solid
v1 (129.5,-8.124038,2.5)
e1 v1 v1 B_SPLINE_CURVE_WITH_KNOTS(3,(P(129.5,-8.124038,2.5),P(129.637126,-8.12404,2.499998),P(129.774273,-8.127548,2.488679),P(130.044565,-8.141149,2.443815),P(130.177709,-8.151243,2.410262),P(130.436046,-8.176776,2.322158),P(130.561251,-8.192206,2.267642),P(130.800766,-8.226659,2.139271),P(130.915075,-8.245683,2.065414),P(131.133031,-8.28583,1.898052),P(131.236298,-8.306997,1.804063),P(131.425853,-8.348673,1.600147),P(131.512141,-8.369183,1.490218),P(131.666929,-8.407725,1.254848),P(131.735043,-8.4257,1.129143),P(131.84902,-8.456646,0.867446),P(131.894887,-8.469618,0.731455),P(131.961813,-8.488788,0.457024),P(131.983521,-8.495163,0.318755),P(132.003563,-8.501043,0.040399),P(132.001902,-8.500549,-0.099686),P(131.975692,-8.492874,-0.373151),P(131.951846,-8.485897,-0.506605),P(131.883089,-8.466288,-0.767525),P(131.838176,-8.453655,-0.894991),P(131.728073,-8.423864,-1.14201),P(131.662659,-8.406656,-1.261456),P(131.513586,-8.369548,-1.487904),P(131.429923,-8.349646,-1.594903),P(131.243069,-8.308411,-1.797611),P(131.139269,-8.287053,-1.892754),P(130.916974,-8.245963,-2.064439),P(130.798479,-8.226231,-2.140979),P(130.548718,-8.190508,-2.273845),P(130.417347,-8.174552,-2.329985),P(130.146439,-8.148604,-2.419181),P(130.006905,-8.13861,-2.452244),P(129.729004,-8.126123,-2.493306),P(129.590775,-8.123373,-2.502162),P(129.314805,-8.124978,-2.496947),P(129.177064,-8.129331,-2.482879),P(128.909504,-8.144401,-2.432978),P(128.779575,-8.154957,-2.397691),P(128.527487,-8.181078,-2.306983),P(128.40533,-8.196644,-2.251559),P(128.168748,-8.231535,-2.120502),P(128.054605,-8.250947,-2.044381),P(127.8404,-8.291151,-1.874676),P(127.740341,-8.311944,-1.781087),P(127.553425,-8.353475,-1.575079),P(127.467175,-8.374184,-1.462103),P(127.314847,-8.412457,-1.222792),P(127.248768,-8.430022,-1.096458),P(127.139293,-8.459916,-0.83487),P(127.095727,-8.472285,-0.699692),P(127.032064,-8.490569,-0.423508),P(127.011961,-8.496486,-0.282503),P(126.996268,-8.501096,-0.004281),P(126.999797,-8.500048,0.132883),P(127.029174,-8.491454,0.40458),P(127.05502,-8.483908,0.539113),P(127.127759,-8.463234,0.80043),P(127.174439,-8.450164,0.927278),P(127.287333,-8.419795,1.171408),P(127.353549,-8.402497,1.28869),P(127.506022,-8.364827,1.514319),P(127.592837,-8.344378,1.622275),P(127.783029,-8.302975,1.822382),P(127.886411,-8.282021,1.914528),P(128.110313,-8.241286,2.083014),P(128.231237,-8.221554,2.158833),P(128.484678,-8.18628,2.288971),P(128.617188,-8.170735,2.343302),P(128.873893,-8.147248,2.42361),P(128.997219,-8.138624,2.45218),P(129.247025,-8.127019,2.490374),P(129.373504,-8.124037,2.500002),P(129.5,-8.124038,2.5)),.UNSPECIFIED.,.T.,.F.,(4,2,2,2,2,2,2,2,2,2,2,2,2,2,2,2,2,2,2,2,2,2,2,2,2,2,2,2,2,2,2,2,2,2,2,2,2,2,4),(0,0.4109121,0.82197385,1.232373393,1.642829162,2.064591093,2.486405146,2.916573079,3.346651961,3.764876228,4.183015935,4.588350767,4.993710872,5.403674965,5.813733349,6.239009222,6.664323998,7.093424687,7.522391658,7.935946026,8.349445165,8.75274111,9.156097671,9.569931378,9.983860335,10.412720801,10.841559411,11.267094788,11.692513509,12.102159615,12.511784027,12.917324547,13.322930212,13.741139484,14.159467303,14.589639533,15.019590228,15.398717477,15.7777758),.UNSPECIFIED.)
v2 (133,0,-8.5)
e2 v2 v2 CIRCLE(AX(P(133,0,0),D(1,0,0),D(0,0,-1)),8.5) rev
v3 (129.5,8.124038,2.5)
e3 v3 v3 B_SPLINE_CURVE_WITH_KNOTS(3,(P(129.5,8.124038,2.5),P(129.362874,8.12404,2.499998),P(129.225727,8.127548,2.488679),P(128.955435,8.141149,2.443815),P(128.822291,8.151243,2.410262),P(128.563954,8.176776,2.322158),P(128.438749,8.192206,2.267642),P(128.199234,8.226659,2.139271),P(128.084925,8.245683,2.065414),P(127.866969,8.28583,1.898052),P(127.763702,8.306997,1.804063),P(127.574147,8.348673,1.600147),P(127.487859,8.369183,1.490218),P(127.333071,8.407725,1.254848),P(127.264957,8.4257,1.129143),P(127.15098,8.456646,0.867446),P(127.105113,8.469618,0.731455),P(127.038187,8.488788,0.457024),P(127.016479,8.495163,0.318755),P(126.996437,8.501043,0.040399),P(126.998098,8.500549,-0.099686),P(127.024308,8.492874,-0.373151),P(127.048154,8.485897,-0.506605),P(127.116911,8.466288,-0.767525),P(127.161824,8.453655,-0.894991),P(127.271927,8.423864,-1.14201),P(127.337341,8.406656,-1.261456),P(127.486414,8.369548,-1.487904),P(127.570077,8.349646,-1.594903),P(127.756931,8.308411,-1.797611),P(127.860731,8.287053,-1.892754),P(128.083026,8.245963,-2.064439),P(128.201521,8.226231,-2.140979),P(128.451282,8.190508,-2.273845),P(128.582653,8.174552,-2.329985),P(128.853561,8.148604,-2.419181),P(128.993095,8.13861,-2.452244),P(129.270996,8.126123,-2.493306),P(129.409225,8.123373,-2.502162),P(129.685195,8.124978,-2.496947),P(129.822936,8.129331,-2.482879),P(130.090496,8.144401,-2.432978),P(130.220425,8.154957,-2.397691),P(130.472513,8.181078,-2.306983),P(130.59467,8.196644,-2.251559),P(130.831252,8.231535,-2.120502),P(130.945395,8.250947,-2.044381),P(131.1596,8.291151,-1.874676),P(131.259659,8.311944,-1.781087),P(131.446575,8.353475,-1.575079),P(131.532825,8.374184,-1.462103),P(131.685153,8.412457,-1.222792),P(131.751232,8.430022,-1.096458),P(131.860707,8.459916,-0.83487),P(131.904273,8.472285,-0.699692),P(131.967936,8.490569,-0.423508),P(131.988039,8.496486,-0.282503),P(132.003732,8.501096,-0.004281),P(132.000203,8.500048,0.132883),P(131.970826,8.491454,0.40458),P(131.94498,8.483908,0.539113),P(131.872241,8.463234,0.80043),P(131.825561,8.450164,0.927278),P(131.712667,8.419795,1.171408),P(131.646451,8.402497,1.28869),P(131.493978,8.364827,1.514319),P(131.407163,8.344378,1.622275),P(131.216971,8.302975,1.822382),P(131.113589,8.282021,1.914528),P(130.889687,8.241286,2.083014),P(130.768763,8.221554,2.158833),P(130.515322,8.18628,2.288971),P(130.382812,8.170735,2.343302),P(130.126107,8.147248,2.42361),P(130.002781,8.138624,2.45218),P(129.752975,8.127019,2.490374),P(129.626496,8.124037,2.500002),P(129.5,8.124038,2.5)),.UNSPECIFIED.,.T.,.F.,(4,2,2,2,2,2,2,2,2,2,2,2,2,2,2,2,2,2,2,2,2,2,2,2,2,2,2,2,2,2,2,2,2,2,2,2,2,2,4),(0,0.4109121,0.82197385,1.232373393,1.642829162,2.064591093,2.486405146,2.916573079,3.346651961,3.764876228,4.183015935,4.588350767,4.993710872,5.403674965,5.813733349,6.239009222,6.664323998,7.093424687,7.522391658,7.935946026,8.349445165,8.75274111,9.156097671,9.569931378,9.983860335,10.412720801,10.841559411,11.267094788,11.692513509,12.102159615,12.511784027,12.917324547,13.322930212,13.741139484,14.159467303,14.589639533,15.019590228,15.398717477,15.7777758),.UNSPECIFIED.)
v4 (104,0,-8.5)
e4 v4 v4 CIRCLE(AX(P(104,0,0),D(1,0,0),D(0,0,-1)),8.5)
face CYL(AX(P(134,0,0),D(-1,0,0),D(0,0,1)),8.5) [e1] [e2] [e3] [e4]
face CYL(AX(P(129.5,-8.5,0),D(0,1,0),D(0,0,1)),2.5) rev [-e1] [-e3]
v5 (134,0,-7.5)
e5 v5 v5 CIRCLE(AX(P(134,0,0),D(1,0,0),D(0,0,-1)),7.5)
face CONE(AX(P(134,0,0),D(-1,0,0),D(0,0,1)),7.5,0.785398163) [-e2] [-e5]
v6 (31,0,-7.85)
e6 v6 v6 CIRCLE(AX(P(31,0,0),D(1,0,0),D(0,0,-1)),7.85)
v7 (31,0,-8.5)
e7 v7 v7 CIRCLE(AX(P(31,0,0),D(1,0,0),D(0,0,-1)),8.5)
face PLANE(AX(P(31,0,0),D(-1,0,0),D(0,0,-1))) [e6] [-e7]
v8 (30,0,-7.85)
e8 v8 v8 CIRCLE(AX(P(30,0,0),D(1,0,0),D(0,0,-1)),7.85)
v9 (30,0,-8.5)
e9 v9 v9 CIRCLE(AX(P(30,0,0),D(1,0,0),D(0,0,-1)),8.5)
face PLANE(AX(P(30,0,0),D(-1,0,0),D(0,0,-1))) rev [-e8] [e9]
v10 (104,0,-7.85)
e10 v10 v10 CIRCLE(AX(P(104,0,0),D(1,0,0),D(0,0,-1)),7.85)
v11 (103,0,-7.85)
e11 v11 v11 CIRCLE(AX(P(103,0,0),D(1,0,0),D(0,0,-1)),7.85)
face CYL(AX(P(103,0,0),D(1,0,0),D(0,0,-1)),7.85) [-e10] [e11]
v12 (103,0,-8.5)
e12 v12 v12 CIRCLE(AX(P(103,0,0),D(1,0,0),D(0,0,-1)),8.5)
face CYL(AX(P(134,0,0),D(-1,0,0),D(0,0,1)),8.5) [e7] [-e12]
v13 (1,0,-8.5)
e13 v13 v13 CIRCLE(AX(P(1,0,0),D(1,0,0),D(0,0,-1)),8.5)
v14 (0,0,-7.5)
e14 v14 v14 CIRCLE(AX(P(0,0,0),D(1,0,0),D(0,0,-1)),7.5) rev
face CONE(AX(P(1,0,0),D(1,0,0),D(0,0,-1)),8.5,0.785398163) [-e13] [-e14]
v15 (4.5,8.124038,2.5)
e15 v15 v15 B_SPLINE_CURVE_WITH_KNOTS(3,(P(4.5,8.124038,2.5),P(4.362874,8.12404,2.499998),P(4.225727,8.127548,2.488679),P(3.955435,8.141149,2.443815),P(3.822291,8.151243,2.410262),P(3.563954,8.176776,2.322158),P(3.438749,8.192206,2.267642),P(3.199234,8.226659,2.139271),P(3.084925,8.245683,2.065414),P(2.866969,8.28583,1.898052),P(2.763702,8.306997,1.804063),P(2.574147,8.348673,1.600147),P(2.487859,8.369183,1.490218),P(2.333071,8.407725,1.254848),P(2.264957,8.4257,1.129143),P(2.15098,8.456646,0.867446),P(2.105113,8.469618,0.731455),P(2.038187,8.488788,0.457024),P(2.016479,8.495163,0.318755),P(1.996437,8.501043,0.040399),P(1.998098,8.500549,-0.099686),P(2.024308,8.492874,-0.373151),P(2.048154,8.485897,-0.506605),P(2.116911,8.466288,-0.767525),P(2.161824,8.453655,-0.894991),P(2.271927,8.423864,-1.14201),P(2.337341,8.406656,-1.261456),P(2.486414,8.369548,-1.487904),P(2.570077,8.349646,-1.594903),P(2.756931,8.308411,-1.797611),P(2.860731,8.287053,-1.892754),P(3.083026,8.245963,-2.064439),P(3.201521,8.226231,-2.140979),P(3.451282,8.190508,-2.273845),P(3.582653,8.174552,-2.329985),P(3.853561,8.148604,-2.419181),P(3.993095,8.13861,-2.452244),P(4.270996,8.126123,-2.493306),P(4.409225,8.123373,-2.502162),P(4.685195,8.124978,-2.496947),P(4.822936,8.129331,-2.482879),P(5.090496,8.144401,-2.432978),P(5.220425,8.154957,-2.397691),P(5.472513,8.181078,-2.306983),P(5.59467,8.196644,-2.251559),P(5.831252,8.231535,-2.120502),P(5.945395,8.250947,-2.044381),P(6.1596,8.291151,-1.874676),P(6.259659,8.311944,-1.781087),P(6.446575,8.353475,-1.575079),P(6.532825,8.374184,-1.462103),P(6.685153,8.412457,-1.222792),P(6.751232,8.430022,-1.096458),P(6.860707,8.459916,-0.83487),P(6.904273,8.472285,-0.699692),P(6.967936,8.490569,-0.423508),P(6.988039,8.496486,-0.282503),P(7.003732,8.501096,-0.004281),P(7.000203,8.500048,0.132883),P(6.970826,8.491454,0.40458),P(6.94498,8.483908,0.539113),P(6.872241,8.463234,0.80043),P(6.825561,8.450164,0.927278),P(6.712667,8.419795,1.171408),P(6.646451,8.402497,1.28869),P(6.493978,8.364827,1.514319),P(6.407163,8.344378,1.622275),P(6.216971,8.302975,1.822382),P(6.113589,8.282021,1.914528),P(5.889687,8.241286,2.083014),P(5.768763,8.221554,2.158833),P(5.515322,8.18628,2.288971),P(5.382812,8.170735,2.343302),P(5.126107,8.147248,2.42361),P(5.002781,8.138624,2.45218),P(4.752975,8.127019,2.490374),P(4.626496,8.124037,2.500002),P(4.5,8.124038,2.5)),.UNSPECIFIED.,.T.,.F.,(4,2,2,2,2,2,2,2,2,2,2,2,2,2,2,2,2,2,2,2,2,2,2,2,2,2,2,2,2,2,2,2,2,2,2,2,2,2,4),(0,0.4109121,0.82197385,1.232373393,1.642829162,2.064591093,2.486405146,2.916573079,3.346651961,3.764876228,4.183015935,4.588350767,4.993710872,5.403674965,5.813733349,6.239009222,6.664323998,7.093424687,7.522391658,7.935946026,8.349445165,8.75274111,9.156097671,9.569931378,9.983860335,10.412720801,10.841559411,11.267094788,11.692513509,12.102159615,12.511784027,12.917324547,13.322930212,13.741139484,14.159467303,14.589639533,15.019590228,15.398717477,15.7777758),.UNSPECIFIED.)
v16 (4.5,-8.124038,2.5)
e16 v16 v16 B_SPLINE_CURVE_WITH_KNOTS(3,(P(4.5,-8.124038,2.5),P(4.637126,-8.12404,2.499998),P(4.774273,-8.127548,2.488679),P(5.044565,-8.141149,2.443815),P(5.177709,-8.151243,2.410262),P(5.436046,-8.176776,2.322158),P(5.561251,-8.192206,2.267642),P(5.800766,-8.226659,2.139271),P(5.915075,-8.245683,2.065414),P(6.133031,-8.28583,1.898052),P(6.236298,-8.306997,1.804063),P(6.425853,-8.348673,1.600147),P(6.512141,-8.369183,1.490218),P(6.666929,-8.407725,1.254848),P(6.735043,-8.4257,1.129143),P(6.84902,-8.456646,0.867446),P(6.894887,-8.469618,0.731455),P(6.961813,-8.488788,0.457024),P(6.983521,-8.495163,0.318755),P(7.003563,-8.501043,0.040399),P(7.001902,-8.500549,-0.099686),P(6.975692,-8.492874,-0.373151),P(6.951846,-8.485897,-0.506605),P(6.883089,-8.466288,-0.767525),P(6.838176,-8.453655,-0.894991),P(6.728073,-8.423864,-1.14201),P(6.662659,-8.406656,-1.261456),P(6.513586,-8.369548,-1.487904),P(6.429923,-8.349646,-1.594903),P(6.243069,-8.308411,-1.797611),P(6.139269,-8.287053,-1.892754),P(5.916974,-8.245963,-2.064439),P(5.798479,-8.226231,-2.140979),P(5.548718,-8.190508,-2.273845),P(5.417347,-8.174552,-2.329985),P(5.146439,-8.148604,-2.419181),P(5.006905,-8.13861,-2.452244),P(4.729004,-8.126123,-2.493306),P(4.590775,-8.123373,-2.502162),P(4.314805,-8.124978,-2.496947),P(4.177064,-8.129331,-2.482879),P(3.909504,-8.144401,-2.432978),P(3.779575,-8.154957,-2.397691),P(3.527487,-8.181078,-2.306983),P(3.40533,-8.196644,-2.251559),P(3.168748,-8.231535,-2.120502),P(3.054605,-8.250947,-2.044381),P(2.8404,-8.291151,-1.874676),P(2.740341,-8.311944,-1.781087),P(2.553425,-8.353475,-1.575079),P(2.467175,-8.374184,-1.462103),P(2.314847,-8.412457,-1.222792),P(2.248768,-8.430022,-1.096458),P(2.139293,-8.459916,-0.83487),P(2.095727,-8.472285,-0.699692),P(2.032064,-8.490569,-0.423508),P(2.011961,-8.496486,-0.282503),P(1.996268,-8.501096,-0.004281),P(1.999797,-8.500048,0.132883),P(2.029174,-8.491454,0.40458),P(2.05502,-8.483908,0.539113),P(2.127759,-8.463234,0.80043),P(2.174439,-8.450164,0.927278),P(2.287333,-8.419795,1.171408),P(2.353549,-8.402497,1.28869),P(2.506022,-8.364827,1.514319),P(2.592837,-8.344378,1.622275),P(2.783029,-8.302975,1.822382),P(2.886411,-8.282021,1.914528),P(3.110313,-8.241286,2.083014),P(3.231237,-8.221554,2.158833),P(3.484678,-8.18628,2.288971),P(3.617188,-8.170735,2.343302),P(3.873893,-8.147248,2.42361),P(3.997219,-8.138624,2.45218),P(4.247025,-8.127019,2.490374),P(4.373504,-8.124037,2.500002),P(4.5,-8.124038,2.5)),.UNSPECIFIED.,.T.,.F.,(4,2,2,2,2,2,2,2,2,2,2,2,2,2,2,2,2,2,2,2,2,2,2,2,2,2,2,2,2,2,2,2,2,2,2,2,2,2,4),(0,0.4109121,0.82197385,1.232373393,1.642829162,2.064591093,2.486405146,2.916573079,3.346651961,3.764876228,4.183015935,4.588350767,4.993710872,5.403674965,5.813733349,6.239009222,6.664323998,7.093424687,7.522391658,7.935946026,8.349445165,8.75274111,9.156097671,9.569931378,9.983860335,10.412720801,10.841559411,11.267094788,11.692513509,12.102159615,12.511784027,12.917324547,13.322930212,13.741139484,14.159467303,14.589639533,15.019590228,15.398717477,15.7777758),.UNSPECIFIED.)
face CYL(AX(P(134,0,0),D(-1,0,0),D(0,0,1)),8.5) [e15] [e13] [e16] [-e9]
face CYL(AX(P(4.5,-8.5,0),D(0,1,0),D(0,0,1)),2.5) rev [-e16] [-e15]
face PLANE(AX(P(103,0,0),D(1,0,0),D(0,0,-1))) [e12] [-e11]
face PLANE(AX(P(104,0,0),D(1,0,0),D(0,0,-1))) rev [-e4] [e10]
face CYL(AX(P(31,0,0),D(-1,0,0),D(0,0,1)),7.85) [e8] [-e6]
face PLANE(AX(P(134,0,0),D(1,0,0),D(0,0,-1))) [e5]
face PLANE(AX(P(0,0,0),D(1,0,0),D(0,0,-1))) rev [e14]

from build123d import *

# Parameters (mm, degrees)
SKETCH1_R               = 8.5
BOSS_EXTRUDE1_DEPTH     = 134
CHAMFER1_SIZE           = 1
SKETCH2_R               = 2.5
CUT_EXTRUDE1_DEPTH      = 9.5
CUT_EXTRUDE1_DEPTH_BACK = 9.5
SKETCH3_R               = 8.5
SKETCH3_R_2             = 7.85
CUT_EXTRUDE2_DEPTH      = 1


with BuildPart() as part:
    # Sketch1 → Boss-Extrude1 (new body)
    with BuildSketch(Plane(origin=(0, 0, 0), x_dir=(0, 0, -1), z_dir=(1, 0, 0))):
        Circle(SKETCH1_R)
    extrude(amount=BOSS_EXTRUDE1_DEPTH)

    # Chamfer1
    chamfer1_edges = [part.edges().sort_by_distance(p)[0] for p in [
        (0, 0, 8.5),
        (134, 0, 8.5),
    ]]
    chamfer(chamfer1_edges, length=CHAMFER1_SIZE)

    # Sketch2 → Cut-Extrude1 (cut, two sides)
    with BuildSketch(Plane(origin=(0, 0, 0), x_dir=(1, 0, 0), z_dir=(0, 1, 0))) as cut_extrude1_sk:
        with Locations((4.5, 0)):
            Circle(SKETCH2_R)
        with Locations((129.5, 0)):
            Circle(SKETCH2_R)
    extrude(amount=CUT_EXTRUDE1_DEPTH, mode=Mode.SUBTRACT)
    extrude(cut_extrude1_sk.sketch, amount=-CUT_EXTRUDE1_DEPTH_BACK, mode=Mode.SUBTRACT)

    # Sketch3 → Cut-Extrude2 (cut)
    with BuildSketch(Plane(origin=(104, 0, 0), x_dir=(0, 0, -1), z_dir=(1, 0, 0))):
        Circle(SKETCH3_R)
        Circle(SKETCH3_R_2, mode=Mode.SUBTRACT)
    cut_extrude2 = extrude(amount=-CUT_EXTRUDE2_DEPTH, mode=Mode.SUBTRACT)

    # Mirror1: Cut-Extrude2 across plane
    add(cut_extrude2.mirror(Plane(origin=(67, 0, 0), x_dir=(0, 0, 1), z_dir=(1, 0, 0))), mode=Mode.SUBTRACT)


solid = part.part
